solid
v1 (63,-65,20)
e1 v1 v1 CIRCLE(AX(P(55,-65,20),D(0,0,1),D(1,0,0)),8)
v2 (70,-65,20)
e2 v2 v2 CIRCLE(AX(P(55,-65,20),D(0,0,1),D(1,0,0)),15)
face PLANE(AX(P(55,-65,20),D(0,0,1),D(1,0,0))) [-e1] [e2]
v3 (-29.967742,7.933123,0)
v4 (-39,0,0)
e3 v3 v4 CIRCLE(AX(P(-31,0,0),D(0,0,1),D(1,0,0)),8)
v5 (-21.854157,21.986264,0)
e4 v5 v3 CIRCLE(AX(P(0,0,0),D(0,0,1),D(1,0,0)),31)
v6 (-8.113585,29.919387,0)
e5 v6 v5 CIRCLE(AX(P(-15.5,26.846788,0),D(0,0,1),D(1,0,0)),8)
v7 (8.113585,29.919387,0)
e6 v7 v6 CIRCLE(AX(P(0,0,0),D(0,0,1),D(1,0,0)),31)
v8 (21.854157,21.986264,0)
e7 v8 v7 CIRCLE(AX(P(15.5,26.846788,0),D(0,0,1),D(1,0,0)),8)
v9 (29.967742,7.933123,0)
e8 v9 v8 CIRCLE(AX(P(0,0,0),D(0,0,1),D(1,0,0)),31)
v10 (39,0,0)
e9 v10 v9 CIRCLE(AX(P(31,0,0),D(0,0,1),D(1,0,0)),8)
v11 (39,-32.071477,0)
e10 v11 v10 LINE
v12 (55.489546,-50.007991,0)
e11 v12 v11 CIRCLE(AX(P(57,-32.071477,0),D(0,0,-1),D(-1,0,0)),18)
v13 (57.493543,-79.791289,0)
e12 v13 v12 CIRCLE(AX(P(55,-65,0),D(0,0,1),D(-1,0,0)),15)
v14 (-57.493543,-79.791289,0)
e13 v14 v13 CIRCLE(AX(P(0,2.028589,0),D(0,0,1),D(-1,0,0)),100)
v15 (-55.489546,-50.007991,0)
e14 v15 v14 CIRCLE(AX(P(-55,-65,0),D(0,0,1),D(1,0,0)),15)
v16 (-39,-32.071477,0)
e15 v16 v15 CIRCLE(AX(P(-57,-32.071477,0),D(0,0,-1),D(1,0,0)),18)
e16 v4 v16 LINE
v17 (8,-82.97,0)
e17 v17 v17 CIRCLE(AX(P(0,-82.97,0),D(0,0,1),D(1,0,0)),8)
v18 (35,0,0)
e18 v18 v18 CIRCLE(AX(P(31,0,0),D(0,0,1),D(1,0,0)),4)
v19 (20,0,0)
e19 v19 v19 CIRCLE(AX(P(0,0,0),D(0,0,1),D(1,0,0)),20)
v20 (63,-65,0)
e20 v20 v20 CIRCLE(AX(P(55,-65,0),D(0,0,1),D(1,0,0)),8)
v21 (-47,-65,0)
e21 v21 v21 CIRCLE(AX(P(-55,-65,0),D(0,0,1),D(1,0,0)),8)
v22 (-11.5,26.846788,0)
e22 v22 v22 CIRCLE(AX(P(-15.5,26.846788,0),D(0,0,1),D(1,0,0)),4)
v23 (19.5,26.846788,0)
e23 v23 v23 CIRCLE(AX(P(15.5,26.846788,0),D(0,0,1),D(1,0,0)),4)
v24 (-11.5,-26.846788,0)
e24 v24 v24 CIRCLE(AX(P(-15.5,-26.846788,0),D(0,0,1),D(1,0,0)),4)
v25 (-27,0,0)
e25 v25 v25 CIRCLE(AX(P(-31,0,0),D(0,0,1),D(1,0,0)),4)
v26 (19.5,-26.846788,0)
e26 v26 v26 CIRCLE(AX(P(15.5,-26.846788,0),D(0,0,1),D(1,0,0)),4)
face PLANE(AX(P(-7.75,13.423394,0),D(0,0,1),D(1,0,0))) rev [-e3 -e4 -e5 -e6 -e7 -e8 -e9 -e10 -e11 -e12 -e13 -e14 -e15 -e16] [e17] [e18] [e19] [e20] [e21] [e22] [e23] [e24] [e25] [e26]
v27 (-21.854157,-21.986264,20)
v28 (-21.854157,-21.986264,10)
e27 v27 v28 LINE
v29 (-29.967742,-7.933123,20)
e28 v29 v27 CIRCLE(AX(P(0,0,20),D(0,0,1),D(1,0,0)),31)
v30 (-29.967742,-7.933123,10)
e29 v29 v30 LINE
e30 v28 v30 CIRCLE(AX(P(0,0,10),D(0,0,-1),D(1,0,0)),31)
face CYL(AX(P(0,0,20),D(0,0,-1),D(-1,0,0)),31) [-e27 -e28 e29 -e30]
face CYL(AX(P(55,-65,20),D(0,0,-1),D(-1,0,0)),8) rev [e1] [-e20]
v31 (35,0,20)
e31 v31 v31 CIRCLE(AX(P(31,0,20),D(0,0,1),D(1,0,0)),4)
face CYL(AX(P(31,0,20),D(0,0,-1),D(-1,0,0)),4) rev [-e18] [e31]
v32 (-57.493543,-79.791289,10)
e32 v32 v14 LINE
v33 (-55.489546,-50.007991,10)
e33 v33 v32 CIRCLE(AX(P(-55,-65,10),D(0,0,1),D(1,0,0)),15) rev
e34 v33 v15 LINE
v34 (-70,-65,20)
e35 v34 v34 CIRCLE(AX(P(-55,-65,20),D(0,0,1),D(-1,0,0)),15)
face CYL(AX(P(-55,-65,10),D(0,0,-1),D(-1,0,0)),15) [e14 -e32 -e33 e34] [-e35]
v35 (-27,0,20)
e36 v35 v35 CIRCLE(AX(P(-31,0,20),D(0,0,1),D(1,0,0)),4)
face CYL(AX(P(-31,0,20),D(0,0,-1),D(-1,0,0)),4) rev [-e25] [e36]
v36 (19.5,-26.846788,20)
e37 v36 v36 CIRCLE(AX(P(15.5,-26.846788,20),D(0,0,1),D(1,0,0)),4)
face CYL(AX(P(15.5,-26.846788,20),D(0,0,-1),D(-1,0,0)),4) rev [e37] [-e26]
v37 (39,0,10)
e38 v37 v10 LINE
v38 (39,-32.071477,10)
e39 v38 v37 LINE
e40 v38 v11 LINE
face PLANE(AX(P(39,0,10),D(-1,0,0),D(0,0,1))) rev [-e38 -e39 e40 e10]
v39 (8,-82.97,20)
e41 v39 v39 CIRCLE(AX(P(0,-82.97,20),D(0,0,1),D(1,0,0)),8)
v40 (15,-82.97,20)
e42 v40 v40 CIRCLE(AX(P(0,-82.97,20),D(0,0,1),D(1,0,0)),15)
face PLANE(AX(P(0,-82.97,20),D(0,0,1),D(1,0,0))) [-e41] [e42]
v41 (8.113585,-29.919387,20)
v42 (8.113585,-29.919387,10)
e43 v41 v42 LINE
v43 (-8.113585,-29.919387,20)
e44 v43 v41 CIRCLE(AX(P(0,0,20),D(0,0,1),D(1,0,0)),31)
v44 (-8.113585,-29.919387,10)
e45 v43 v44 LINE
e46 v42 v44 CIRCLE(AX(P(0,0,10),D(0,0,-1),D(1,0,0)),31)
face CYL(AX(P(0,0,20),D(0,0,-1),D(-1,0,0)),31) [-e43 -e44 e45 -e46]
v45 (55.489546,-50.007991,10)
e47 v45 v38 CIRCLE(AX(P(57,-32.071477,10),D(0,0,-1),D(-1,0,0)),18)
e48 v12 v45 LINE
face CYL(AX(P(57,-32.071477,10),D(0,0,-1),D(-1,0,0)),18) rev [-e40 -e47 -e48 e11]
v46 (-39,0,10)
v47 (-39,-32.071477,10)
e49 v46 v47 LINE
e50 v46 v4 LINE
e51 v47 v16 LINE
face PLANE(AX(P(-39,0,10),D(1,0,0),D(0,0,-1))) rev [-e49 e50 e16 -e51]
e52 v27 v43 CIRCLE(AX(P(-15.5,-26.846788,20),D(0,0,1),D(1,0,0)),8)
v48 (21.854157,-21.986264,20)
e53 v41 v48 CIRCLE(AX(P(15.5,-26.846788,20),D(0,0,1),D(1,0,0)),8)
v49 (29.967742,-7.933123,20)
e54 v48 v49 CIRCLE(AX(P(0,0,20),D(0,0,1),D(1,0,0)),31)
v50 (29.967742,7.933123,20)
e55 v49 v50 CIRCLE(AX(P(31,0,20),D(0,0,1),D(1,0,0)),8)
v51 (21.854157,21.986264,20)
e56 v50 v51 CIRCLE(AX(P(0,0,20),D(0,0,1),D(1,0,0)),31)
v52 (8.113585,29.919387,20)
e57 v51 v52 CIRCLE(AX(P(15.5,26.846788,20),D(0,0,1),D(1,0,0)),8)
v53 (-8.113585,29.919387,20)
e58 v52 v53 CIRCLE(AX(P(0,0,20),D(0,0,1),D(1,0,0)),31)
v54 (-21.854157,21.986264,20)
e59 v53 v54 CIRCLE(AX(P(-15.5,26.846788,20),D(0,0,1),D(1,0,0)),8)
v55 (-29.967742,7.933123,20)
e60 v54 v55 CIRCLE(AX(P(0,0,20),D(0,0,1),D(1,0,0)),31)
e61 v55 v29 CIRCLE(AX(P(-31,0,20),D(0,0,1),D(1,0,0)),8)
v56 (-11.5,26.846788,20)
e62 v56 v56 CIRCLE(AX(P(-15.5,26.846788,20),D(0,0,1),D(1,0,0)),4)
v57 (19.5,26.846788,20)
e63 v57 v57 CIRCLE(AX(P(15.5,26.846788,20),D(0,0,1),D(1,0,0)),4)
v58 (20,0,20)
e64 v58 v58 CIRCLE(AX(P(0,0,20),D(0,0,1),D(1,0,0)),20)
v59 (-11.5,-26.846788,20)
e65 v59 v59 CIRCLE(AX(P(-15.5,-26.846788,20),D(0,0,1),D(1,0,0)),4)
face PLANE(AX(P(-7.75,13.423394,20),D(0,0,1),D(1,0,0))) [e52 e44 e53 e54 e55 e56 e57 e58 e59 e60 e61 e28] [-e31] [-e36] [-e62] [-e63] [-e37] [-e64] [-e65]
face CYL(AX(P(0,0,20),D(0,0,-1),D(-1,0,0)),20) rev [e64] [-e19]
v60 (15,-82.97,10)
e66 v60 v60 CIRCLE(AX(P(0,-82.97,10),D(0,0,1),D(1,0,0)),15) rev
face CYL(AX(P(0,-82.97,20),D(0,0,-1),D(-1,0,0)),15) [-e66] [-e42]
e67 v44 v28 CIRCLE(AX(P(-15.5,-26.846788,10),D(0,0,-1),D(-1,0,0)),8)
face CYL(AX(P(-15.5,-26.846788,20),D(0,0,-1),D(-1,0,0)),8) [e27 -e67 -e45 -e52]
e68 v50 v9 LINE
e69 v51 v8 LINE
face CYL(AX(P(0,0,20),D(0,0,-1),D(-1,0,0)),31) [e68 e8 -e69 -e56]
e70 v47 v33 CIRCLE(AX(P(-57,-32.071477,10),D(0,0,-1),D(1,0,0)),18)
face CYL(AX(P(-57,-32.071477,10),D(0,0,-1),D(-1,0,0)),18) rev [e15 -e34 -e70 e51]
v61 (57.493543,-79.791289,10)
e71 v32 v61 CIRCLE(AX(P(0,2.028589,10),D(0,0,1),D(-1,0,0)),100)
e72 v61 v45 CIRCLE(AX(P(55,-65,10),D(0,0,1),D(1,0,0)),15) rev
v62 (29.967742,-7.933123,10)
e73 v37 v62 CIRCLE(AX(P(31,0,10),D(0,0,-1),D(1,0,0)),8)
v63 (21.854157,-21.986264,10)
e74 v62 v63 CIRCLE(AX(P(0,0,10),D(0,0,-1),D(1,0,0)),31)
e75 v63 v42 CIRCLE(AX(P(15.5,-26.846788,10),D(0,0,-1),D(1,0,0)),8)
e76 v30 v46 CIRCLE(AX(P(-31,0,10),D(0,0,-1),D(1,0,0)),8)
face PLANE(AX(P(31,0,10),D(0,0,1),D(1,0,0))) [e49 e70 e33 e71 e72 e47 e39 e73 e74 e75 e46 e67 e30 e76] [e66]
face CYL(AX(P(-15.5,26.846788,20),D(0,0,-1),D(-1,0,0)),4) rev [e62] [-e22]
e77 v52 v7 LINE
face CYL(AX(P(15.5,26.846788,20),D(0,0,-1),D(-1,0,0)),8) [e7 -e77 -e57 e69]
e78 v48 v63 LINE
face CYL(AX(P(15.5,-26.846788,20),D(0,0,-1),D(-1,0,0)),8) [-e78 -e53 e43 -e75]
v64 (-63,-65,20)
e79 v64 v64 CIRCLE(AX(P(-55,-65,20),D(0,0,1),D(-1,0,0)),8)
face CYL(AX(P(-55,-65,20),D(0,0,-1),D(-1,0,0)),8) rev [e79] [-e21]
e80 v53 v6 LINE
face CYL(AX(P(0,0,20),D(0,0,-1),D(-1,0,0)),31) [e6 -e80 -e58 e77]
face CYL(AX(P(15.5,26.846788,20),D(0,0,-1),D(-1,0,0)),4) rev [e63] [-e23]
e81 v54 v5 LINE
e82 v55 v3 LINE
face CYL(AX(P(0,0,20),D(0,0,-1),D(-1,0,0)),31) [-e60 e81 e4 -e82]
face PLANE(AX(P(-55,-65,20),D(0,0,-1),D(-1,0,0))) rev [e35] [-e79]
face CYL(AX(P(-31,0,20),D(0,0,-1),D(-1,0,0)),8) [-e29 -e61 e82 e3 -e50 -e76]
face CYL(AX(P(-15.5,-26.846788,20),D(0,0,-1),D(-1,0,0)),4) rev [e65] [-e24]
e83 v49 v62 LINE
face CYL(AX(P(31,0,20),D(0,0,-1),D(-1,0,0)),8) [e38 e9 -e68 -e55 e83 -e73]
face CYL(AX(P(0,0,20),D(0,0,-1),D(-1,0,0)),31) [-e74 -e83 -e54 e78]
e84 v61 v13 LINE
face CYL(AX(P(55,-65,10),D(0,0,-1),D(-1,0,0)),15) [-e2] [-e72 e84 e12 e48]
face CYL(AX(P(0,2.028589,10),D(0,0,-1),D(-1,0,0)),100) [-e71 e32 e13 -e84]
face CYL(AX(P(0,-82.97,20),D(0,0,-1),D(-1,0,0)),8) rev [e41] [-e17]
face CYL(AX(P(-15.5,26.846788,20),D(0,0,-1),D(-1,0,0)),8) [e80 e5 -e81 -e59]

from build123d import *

# Parameters (mm, degrees)
CROQUIS1_R                = 15
CROQUIS1_R_2              = 8
SALIENTE_EXTRUIR1_DEPTH   = 20
SALIENTE_EXTRUIR1_2_DEPTH = 20
SALIENTE_EXTRUIR1_3_DEPTH = 20
CROQUIS1_R_3              = 20
CROQUIS1_R_4              = 4
SALIENTE_EXTRUIR1_4_DEPTH = 20
SALIENTE_EXTRUIR2_DEPTH   = 10
CORTAR_EXTRUIR1_START     = -10
CROQUIS3_R                = 8
CORTAR_EXTRUIR1_DEPTH     = 10


with BuildPart() as part:
    # Croquis1 → Saliente-Extruir1 (new body)
    with BuildSketch(Plane.XY):
        with Locations((0, -82.97)):
            Circle(CROQUIS1_R)
        with Locations((0, -82.97)):
            Circle(CROQUIS1_R_2, mode=Mode.SUBTRACT)
    extrude(amount=SALIENTE_EXTRUIR1_DEPTH)



with BuildPart() as body_2:
    # Croquis1 → Saliente-Extruir1 2 (new body)
    with BuildSketch(Plane.XY):
        with Locations((55, -65)):
            Circle(CROQUIS1_R)
        with Locations((55, -65)):
            Circle(CROQUIS1_R_2, mode=Mode.SUBTRACT)
    extrude(amount=SALIENTE_EXTRUIR1_2_DEPTH)


with BuildPart() as body_3:
    # Croquis1 → Saliente-Extruir1 3 (new body)
    with BuildSketch(Plane.XY):
        with Locations(Location((-55, -65, 0), (0, 0, 180))):
            Circle(CROQUIS1_R)
        with Locations(Location((-55, -65, 0), (0, 0, 180))):
            Circle(CROQUIS1_R_2, mode=Mode.SUBTRACT)
    extrude(amount=SALIENTE_EXTRUIR1_3_DEPTH)


with BuildPart() as body_4:
    # Croquis1 → Saliente-Extruir1 4 (new body)
    with BuildSketch(Plane.XY):
        with BuildLine():
            ThreePointArc((-21.854157167, 21.986264223), (-26.846787517, 15.5), (-29.967741935, 7.933123174))
            ThreePointArc((-29.967741935, 7.933123174), (-39, 0), (-29.967741935, -7.933123174))
            ThreePointArc((-29.967741935, -7.933123174), (-26.846787517, -15.5), (-21.854157167, -21.986264223))
            ThreePointArc((-21.854157167, -21.986264223), (-19.5, -33.774990748), (-8.113584768, -29.919387397))
            ThreePointArc((-8.113584768, -29.919387397), (0, -31), (8.113584768, -29.919387397))
            ThreePointArc((8.113584768, -29.919387397), (19.5, -33.774990748), (21.854157167, -21.986264223))
            ThreePointArc((21.854157167, -21.986264223), (26.846787517, -15.5), (29.967741935, -7.933123174))
            ThreePointArc((29.967741935, -7.933123174), (39, 0), (29.967741935, 7.933123174))
            ThreePointArc((29.967741935, 7.933123174), (26.846787517, 15.5), (21.854157167, 21.986264223))
            ThreePointArc((21.854157167, 21.986264223), (19.5, 33.774990748), (8.113584768, 29.919387397))
            ThreePointArc((8.113584768, 29.919387397), (0, 31), (-8.113584768, 29.919387397))
            ThreePointArc((-8.113584768, 29.919387397), (-19.5, 33.774990748), (-21.854157167, 21.986264223))
        make_face()
        Circle(CROQUIS1_R_3, mode=Mode.SUBTRACT)
        with Locations((31, 0)):
            Circle(CROQUIS1_R_4, mode=Mode.SUBTRACT)
        with Locations((15.5, -26.846787517)):
            Circle(CROQUIS1_R_4, mode=Mode.SUBTRACT)
        with Locations((-15.5, -26.846787517)):
            Circle(CROQUIS1_R_4, mode=Mode.SUBTRACT)
        with Locations((-31, 0)):
            Circle(CROQUIS1_R_4, mode=Mode.SUBTRACT)
        with Locations((-15.5, 26.846787517)):
            Circle(CROQUIS1_R_4, mode=Mode.SUBTRACT)
        with Locations((15.5, 26.846787517)):
            Circle(CROQUIS1_R_4, mode=Mode.SUBTRACT)
    extrude(amount=SALIENTE_EXTRUIR1_4_DEPTH)


with BuildPart() as part_1:
    add(part.part)

    add(body_2.part)  # Saliente-Extruir2 merges body 2

    add(body_3.part)  # Saliente-Extruir2 merges body 3

    add(body_4.part)  # Saliente-Extruir2 merges body 4
    # Croquis2 → Saliente-Extruir2 (add)
    with BuildSketch(Plane.XY):
        with BuildLine():
            Line((-39, 0), (-39, -32.071476789))
            ThreePointArc((-39, -32.071476789), (-44.036846437, -44.559737265), (-56.328516633, -50.058947709))
            ThreePointArc((-56.328516633, -50.058947709), (-69.988497958, -64.412693478), (-57.493543192, -79.791289408))
            ThreePointArc((-57.493543192, -79.791289408), (0, -97.97141107), (57.493543192, -79.791289408))
            ThreePointArc((57.493543192, -79.791289408), (69.988497958, -64.412693478), (56.328516633, -50.058947709))
            ThreePointArc((56.328516633, -50.058947709), (44.036846437, -44.559737265), (39, -32.071476789))
            Line((39, -32.071476789), (39, 0))
            ThreePointArc((39, 0), (36.279296141, -6.01074307), (29.967741935, -7.933123174))
            ThreePointArc((29.967741935, -7.933123174), (26.846787517, -15.5), (21.854157167, -21.986264223))
            ThreePointArc((21.854157167, -21.986264223), (19.5, -33.774990748), (8.113584768, -29.919387397))
            ThreePointArc((8.113584768, -29.919387397), (0, -31), (-8.113584768, -29.919387397))
            ThreePointArc((-8.113584768, -29.919387397), (-19.5, -33.774990748), (-21.854157167, -21.986264223))
            ThreePointArc((-21.854157167, -21.986264223), (-26.846787517, -15.5), (-29.967741935, -7.933123174))
            ThreePointArc((-29.967741935, -7.933123174), (-36.27929614, -6.01074307), (-39, 0))
        make_face()
    extrude(amount=SALIENTE_EXTRUIR2_DEPTH)

    # Croquis3 → Cortar-Extruir1 (cut)
    with BuildSketch(Plane.XY.offset(10).offset(CORTAR_EXTRUIR1_START)):
        with Locations(Location((-55, -65, 0), (0, 0, 180))):
            Circle(CROQUIS3_R)
        with Locations((0, -82.97)):
            Circle(CROQUIS3_R)
        with Locations((55, -65)):
            Circle(CROQUIS3_R)
    extrude(amount=CORTAR_EXTRUIR1_DEPTH, mode=Mode.SUBTRACT)


solid = part_1.part
